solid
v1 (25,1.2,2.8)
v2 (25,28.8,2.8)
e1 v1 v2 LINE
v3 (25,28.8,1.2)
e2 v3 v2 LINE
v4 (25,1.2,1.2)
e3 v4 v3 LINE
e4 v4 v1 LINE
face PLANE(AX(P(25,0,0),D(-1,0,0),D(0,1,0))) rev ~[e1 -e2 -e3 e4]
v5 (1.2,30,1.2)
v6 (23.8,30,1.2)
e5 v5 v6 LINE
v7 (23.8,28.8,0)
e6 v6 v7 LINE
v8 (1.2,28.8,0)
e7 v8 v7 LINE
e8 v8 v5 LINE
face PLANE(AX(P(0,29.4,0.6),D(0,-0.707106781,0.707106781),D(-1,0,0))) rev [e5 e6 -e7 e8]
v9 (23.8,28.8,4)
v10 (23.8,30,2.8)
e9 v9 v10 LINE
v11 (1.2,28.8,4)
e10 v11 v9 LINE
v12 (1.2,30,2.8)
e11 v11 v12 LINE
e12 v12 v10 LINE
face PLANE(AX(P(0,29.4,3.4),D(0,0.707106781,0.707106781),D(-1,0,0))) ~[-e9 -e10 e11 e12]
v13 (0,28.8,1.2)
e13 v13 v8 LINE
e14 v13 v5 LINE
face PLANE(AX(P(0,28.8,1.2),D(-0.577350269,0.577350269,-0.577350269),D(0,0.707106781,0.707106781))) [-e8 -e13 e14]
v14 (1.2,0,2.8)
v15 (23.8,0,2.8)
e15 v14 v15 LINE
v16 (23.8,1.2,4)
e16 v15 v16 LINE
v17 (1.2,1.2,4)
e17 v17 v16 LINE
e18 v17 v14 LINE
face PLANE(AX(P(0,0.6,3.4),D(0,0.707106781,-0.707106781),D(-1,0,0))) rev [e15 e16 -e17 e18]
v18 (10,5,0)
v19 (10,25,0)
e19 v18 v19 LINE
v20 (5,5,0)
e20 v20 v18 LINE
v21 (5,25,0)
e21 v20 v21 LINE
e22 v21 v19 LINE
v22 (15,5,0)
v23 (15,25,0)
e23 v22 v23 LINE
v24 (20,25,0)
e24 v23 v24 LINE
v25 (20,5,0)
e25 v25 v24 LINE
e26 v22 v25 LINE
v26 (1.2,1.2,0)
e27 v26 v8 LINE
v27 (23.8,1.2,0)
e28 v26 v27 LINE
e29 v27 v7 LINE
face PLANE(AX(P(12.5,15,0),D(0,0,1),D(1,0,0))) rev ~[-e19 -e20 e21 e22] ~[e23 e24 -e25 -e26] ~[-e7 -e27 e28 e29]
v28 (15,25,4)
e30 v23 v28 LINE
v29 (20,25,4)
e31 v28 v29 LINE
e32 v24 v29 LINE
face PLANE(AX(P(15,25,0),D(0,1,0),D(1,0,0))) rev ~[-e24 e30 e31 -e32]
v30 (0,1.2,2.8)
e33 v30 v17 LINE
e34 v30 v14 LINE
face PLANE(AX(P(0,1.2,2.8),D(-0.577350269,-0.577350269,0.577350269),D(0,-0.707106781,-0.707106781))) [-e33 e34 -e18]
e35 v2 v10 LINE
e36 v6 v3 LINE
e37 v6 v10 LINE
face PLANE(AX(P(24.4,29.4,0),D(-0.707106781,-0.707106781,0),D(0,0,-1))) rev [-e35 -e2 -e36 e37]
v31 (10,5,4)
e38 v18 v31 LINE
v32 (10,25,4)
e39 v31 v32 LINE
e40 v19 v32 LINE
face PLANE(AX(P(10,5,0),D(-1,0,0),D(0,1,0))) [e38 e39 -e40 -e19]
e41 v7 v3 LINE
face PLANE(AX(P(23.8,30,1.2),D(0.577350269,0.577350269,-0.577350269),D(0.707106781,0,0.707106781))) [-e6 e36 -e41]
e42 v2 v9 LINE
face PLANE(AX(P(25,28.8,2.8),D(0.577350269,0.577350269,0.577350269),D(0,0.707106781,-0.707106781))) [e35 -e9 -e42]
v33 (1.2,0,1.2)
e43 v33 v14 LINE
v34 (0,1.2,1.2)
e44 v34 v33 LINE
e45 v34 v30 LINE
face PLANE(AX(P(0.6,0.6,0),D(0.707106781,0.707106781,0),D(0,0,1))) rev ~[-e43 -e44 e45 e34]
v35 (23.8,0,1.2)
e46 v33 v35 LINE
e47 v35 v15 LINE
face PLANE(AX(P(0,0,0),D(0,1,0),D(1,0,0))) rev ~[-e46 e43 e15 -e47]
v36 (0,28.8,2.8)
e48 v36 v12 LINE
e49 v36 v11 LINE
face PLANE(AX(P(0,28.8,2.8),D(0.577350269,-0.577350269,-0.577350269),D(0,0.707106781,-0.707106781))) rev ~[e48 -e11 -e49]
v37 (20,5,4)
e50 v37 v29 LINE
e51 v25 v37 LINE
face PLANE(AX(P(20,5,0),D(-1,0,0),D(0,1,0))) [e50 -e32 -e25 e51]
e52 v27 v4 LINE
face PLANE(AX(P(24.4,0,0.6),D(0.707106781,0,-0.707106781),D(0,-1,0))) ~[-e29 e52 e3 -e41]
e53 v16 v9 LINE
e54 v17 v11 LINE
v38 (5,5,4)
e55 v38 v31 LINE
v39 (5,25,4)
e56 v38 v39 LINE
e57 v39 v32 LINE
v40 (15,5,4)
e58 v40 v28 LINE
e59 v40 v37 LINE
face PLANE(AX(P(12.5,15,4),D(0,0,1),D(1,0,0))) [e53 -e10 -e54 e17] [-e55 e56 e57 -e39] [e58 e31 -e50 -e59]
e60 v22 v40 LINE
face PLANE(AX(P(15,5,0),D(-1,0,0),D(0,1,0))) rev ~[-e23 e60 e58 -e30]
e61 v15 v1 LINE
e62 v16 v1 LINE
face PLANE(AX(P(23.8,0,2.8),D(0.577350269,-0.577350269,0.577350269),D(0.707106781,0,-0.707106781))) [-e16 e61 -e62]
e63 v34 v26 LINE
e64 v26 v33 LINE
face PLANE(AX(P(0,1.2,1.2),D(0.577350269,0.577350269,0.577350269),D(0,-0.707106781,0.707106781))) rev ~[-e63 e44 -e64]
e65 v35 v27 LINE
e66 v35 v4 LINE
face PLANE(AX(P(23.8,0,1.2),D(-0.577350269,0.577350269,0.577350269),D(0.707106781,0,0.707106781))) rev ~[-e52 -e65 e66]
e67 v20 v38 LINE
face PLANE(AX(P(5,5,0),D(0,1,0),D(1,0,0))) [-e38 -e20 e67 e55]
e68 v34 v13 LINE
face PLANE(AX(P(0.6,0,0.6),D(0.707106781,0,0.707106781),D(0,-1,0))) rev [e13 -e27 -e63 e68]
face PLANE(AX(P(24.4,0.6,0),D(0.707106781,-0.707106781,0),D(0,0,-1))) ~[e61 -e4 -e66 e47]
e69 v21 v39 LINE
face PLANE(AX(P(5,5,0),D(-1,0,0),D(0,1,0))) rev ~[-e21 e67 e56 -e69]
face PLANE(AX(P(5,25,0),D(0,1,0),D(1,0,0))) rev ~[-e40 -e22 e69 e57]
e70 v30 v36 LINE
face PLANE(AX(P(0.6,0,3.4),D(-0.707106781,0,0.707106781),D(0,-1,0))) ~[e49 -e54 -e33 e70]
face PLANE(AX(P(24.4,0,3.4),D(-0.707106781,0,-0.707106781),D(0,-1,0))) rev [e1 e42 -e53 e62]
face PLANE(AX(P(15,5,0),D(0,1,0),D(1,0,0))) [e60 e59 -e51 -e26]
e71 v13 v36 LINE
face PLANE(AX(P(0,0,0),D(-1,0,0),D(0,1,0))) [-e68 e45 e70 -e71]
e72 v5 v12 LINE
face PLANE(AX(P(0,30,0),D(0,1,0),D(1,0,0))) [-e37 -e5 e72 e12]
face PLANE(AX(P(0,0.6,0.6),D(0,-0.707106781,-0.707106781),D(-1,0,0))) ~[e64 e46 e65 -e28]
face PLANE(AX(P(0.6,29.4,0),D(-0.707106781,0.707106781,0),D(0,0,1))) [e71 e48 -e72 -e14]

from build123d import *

# Parameters (mm, degrees)
F0_W     = 25
F0_H     = 30
F0_W_2   = 5
F0_H_2   = 20
F1_DEPTH = 4
F2_SIZE  = 1.2


with BuildPart() as f1:
    # F0 (on Top) → F1 (new body)
    with BuildSketch(Plane.XY):
        with Locations((12.5, 15)):
            Rectangle(F0_W, F0_H)
        with Locations((7.5, 15)):
            Rectangle(F0_W_2, F0_H_2, mode=Mode.SUBTRACT)
        with Locations((17.5, 15)):
            Rectangle(F0_W_2, F0_H_2, mode=Mode.SUBTRACT)
    extrude(amount=F1_DEPTH)

    # F2
    f2_edges = [f1.edges().sort_by_distance(p)[0] for p in [
        (12.5, 30, 4),
        (25, 15, 4),
        (12.5, 0, 4),
        (0, 15, 4),
        (25, 15, 0),
        (12.5, 30, 0),
        (12.5, 0, 0),
        (0, 15, 0),
        (25, 30, 2),
        (25, 0, 2),
        (0, 30, 2),
        (0, 0, 2),
    ]]
    chamfer(f2_edges, length=F2_SIZE)


solid = f1.part
